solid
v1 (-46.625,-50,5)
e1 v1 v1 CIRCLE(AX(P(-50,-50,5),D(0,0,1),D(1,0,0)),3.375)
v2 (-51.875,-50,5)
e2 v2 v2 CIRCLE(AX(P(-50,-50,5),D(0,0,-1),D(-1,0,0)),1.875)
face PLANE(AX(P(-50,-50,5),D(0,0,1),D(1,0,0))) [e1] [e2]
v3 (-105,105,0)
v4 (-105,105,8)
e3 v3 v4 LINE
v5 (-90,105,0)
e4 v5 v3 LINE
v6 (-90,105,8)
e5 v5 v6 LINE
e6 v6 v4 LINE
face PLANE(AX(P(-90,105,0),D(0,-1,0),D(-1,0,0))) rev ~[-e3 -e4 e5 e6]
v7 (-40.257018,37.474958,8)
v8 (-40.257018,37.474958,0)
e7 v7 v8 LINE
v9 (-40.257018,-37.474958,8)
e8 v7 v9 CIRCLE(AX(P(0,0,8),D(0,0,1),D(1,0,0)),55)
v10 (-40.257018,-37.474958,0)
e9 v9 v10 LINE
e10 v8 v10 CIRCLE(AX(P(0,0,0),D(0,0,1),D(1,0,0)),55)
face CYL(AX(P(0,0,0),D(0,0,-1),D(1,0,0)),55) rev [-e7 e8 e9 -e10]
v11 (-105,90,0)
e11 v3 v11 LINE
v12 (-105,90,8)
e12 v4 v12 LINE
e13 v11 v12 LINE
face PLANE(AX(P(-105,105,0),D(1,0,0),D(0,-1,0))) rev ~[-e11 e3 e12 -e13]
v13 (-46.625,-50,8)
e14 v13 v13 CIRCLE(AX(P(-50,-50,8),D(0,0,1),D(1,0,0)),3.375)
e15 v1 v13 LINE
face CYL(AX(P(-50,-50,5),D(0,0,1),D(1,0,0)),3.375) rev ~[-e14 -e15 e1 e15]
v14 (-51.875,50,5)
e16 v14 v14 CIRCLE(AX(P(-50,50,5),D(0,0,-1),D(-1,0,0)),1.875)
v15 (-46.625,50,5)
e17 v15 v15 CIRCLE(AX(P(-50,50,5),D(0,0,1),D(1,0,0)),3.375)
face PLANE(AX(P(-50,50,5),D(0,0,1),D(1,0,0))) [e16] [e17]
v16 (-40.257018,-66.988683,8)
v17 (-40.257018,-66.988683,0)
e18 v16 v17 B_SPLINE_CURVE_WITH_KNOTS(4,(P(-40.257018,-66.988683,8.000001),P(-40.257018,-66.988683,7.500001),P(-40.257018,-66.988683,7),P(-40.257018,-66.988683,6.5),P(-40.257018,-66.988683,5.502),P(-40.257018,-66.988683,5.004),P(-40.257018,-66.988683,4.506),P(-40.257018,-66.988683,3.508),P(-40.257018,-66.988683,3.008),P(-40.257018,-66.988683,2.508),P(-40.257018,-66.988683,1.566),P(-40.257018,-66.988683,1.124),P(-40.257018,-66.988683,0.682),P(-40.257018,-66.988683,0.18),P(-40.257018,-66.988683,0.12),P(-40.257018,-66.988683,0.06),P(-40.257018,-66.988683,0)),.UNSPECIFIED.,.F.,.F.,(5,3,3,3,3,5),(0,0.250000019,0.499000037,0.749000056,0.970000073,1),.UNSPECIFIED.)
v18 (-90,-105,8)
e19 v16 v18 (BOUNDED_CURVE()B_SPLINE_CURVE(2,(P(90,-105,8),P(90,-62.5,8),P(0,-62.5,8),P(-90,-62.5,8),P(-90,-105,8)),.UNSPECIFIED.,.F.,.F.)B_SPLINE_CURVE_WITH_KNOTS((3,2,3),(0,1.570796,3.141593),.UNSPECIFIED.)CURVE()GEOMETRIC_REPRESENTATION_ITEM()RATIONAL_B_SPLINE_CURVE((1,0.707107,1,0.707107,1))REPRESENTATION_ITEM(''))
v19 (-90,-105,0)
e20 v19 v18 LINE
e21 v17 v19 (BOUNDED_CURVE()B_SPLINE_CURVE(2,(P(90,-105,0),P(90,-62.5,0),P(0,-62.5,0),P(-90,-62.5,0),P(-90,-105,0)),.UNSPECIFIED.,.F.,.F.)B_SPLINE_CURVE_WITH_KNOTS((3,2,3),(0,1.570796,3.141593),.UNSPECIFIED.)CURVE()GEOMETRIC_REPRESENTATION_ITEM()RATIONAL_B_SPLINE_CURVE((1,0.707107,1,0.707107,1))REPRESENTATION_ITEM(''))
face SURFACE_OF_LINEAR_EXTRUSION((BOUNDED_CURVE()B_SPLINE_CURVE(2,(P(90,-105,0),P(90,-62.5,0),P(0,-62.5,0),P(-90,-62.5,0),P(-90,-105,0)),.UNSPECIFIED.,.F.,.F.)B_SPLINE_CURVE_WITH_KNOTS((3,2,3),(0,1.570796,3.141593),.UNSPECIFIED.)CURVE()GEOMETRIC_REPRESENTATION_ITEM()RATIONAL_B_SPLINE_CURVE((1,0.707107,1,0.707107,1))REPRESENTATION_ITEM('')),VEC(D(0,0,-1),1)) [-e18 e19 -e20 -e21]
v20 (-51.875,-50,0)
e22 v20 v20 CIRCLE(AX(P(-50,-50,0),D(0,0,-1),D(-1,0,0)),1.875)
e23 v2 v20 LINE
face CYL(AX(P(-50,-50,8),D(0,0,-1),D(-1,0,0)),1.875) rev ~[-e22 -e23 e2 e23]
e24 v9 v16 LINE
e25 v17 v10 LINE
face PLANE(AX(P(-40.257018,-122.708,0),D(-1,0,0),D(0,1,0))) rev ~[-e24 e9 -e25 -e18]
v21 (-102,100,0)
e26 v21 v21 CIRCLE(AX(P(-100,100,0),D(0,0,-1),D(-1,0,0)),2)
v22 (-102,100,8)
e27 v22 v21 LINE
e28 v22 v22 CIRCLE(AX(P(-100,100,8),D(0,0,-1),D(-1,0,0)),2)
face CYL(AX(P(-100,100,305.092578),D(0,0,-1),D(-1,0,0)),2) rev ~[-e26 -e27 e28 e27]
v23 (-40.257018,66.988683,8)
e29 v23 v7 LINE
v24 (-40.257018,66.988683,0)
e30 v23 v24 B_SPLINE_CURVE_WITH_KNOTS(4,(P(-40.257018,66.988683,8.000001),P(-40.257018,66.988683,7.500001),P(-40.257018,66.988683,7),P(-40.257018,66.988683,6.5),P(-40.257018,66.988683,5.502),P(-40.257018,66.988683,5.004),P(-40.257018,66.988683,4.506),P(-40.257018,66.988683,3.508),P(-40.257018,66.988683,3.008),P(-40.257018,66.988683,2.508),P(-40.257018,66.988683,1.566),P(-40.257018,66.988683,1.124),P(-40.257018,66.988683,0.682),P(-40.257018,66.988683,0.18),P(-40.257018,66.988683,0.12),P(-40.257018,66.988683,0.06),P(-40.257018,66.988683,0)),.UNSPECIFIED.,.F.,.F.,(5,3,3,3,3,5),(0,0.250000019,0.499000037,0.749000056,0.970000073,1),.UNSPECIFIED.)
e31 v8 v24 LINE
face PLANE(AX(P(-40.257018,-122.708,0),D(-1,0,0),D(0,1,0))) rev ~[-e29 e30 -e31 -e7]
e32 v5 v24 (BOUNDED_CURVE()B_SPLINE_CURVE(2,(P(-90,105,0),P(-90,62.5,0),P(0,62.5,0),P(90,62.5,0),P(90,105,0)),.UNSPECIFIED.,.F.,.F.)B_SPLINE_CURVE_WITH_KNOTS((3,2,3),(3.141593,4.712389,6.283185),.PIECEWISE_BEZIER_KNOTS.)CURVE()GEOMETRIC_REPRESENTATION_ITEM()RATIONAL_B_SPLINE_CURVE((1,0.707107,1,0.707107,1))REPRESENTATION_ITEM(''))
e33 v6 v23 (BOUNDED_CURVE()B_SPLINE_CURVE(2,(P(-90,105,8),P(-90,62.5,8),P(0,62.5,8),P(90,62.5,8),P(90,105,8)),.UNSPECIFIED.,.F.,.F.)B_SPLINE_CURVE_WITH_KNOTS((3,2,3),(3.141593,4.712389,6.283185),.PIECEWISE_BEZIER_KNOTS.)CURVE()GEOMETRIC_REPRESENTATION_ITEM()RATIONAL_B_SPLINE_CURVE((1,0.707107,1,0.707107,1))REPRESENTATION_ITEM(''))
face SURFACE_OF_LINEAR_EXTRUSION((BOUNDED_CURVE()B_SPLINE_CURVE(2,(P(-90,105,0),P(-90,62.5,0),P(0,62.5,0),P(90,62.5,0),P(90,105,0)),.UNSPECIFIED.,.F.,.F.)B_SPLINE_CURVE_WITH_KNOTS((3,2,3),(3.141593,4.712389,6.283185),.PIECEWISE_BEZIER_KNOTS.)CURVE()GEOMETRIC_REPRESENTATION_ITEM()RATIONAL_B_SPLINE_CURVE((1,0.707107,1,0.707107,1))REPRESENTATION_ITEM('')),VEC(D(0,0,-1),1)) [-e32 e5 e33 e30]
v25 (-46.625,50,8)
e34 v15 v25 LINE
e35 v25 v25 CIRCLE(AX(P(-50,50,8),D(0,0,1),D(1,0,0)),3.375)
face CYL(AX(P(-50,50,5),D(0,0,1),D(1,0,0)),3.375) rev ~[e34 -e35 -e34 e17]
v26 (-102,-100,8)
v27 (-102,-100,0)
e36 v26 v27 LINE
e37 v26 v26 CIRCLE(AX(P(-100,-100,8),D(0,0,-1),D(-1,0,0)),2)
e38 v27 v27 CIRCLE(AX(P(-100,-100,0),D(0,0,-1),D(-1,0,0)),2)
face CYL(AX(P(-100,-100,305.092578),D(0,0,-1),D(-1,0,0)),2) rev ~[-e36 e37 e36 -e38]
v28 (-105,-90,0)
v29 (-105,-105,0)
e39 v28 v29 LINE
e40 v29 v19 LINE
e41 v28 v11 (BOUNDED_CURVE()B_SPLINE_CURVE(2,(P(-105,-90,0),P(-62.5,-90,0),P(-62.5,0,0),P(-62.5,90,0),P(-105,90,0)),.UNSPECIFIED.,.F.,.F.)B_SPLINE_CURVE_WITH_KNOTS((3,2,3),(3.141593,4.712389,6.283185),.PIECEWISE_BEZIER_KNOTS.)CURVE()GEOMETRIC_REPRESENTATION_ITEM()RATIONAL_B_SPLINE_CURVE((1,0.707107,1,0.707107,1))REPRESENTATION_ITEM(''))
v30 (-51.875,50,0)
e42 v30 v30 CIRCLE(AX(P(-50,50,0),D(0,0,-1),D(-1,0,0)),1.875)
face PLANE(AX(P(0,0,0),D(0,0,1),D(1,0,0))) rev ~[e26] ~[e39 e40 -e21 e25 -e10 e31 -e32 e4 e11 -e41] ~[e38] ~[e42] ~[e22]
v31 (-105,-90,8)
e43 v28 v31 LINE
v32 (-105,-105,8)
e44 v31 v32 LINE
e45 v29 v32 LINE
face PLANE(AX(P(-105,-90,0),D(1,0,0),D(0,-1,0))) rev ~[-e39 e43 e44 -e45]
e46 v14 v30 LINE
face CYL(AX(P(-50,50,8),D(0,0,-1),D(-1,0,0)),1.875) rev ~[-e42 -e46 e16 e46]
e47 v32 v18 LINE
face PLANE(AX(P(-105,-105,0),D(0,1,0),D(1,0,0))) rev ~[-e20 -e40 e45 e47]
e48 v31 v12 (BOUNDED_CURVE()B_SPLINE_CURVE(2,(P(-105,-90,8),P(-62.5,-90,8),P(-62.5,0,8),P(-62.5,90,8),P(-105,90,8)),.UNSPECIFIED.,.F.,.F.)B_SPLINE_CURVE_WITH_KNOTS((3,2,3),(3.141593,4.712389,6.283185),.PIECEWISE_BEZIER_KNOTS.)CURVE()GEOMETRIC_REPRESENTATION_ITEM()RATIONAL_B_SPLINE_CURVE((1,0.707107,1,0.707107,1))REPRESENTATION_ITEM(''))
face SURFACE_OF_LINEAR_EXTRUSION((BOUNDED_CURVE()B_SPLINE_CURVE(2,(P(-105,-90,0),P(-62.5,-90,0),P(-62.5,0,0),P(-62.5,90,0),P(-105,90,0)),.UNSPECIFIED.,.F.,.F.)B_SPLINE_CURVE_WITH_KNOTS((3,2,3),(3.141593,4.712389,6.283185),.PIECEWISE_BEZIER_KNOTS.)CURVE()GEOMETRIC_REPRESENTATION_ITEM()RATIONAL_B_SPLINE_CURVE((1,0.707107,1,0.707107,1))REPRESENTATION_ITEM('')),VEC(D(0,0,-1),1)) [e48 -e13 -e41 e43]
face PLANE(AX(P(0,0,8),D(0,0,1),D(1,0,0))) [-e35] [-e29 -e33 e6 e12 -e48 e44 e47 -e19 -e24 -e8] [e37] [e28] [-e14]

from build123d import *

# Parameters (mm, degrees)
F0_R           = 55
F1_DEPTH       = 8
F3_D           = 4
F4_D           = 3.75
F4_CBORE_D     = 6.75
F4_CBORE_DEPTH = 3
F5_W           = 80.514036
F5_H           = 245.416
F5_W_2         = 74.904691
F6_DEPTH       = 25


with BuildPart() as f1:
    # F0 (on Top) → F1 (new body)
    with BuildSketch(Plane.XY):
        with BuildLine():
            Line((105, 90), (105, 105))
            Line((105, 105), (90, 105))
            add(Edge.make_bspline(
                [(-90, 105), (-90, 62.5), (0, 62.5), (90, 62.5), (90, 105)],
                knots=[3.141593, 3.141593, 3.141593, 4.712389, 4.712389, 6.283185, 6.283185, 6.283185], degree=2, weights=[1, 0.707107, 1, 0.707107, 1]))
            Line((-90, 105), (-105, 105))
            Line((-105, 105), (-105, 90))
            add(Edge.make_bspline(
                [(-105, -90), (-62.5, -90), (-62.5, 0), (-62.5, 90), (-105, 90)],
                knots=[3.141593, 3.141593, 3.141593, 4.712389, 4.712389, 6.283185, 6.283185, 6.283185], degree=2, weights=[1, 0.707107, 1, 0.707107, 1]))
            Line((-105, -90), (-105, -105))
            Line((-105, -105), (-90, -105))
            add(Edge.make_bspline(
                [(90, -105), (90, -62.5), (0, -62.5), (-90, -62.5), (-90, -105)],
                knots=[0, 0, 0, 1.570796, 1.570796, 3.141593, 3.141593, 3.141593], degree=2, weights=[1, 0.707107, 1, 0.707107, 1]))
            Line((90, -105), (105, -105))
            Line((105, -105), (105, -90))
            add(Edge.make_bspline(
                [(105, 90), (62.5, 90), (62.5, 0), (62.5, -90), (105, -90)],
                knots=[0, 0, 0, 1.570796, 1.570796, 3.141593, 3.141593, 3.141593], degree=2, weights=[1, 0.707107, 1, 0.707107, 1]))
        make_face()
        Circle(F0_R, mode=Mode.SUBTRACT)
    extrude(amount=F1_DEPTH)

    # F3 (through all)
    with Locations(Plane.XY.offset(8)):
        with Locations((-100, 100), (100, 100), (100, -100), (-100, -100)):
            Hole(F3_D / 2)

    # F4 (through all)
    with Locations(Plane.XY.offset(8)):
        with Locations((-50, 50), (-50, -50), (50, -50), (50, 50)):
            CounterBoreHole(F4_D / 2, F4_CBORE_D / 2, F4_CBORE_DEPTH)

    # F5 (on Top) → F6 (cut)
    with BuildSketch(Plane.XY):
        Rectangle(F5_W, F5_H)
        with Locations((77.709363, 0)):
            Rectangle(F5_W_2, F5_H)
    extrude(amount=F6_DEPTH, mode=Mode.SUBTRACT)


solid = f1.part
